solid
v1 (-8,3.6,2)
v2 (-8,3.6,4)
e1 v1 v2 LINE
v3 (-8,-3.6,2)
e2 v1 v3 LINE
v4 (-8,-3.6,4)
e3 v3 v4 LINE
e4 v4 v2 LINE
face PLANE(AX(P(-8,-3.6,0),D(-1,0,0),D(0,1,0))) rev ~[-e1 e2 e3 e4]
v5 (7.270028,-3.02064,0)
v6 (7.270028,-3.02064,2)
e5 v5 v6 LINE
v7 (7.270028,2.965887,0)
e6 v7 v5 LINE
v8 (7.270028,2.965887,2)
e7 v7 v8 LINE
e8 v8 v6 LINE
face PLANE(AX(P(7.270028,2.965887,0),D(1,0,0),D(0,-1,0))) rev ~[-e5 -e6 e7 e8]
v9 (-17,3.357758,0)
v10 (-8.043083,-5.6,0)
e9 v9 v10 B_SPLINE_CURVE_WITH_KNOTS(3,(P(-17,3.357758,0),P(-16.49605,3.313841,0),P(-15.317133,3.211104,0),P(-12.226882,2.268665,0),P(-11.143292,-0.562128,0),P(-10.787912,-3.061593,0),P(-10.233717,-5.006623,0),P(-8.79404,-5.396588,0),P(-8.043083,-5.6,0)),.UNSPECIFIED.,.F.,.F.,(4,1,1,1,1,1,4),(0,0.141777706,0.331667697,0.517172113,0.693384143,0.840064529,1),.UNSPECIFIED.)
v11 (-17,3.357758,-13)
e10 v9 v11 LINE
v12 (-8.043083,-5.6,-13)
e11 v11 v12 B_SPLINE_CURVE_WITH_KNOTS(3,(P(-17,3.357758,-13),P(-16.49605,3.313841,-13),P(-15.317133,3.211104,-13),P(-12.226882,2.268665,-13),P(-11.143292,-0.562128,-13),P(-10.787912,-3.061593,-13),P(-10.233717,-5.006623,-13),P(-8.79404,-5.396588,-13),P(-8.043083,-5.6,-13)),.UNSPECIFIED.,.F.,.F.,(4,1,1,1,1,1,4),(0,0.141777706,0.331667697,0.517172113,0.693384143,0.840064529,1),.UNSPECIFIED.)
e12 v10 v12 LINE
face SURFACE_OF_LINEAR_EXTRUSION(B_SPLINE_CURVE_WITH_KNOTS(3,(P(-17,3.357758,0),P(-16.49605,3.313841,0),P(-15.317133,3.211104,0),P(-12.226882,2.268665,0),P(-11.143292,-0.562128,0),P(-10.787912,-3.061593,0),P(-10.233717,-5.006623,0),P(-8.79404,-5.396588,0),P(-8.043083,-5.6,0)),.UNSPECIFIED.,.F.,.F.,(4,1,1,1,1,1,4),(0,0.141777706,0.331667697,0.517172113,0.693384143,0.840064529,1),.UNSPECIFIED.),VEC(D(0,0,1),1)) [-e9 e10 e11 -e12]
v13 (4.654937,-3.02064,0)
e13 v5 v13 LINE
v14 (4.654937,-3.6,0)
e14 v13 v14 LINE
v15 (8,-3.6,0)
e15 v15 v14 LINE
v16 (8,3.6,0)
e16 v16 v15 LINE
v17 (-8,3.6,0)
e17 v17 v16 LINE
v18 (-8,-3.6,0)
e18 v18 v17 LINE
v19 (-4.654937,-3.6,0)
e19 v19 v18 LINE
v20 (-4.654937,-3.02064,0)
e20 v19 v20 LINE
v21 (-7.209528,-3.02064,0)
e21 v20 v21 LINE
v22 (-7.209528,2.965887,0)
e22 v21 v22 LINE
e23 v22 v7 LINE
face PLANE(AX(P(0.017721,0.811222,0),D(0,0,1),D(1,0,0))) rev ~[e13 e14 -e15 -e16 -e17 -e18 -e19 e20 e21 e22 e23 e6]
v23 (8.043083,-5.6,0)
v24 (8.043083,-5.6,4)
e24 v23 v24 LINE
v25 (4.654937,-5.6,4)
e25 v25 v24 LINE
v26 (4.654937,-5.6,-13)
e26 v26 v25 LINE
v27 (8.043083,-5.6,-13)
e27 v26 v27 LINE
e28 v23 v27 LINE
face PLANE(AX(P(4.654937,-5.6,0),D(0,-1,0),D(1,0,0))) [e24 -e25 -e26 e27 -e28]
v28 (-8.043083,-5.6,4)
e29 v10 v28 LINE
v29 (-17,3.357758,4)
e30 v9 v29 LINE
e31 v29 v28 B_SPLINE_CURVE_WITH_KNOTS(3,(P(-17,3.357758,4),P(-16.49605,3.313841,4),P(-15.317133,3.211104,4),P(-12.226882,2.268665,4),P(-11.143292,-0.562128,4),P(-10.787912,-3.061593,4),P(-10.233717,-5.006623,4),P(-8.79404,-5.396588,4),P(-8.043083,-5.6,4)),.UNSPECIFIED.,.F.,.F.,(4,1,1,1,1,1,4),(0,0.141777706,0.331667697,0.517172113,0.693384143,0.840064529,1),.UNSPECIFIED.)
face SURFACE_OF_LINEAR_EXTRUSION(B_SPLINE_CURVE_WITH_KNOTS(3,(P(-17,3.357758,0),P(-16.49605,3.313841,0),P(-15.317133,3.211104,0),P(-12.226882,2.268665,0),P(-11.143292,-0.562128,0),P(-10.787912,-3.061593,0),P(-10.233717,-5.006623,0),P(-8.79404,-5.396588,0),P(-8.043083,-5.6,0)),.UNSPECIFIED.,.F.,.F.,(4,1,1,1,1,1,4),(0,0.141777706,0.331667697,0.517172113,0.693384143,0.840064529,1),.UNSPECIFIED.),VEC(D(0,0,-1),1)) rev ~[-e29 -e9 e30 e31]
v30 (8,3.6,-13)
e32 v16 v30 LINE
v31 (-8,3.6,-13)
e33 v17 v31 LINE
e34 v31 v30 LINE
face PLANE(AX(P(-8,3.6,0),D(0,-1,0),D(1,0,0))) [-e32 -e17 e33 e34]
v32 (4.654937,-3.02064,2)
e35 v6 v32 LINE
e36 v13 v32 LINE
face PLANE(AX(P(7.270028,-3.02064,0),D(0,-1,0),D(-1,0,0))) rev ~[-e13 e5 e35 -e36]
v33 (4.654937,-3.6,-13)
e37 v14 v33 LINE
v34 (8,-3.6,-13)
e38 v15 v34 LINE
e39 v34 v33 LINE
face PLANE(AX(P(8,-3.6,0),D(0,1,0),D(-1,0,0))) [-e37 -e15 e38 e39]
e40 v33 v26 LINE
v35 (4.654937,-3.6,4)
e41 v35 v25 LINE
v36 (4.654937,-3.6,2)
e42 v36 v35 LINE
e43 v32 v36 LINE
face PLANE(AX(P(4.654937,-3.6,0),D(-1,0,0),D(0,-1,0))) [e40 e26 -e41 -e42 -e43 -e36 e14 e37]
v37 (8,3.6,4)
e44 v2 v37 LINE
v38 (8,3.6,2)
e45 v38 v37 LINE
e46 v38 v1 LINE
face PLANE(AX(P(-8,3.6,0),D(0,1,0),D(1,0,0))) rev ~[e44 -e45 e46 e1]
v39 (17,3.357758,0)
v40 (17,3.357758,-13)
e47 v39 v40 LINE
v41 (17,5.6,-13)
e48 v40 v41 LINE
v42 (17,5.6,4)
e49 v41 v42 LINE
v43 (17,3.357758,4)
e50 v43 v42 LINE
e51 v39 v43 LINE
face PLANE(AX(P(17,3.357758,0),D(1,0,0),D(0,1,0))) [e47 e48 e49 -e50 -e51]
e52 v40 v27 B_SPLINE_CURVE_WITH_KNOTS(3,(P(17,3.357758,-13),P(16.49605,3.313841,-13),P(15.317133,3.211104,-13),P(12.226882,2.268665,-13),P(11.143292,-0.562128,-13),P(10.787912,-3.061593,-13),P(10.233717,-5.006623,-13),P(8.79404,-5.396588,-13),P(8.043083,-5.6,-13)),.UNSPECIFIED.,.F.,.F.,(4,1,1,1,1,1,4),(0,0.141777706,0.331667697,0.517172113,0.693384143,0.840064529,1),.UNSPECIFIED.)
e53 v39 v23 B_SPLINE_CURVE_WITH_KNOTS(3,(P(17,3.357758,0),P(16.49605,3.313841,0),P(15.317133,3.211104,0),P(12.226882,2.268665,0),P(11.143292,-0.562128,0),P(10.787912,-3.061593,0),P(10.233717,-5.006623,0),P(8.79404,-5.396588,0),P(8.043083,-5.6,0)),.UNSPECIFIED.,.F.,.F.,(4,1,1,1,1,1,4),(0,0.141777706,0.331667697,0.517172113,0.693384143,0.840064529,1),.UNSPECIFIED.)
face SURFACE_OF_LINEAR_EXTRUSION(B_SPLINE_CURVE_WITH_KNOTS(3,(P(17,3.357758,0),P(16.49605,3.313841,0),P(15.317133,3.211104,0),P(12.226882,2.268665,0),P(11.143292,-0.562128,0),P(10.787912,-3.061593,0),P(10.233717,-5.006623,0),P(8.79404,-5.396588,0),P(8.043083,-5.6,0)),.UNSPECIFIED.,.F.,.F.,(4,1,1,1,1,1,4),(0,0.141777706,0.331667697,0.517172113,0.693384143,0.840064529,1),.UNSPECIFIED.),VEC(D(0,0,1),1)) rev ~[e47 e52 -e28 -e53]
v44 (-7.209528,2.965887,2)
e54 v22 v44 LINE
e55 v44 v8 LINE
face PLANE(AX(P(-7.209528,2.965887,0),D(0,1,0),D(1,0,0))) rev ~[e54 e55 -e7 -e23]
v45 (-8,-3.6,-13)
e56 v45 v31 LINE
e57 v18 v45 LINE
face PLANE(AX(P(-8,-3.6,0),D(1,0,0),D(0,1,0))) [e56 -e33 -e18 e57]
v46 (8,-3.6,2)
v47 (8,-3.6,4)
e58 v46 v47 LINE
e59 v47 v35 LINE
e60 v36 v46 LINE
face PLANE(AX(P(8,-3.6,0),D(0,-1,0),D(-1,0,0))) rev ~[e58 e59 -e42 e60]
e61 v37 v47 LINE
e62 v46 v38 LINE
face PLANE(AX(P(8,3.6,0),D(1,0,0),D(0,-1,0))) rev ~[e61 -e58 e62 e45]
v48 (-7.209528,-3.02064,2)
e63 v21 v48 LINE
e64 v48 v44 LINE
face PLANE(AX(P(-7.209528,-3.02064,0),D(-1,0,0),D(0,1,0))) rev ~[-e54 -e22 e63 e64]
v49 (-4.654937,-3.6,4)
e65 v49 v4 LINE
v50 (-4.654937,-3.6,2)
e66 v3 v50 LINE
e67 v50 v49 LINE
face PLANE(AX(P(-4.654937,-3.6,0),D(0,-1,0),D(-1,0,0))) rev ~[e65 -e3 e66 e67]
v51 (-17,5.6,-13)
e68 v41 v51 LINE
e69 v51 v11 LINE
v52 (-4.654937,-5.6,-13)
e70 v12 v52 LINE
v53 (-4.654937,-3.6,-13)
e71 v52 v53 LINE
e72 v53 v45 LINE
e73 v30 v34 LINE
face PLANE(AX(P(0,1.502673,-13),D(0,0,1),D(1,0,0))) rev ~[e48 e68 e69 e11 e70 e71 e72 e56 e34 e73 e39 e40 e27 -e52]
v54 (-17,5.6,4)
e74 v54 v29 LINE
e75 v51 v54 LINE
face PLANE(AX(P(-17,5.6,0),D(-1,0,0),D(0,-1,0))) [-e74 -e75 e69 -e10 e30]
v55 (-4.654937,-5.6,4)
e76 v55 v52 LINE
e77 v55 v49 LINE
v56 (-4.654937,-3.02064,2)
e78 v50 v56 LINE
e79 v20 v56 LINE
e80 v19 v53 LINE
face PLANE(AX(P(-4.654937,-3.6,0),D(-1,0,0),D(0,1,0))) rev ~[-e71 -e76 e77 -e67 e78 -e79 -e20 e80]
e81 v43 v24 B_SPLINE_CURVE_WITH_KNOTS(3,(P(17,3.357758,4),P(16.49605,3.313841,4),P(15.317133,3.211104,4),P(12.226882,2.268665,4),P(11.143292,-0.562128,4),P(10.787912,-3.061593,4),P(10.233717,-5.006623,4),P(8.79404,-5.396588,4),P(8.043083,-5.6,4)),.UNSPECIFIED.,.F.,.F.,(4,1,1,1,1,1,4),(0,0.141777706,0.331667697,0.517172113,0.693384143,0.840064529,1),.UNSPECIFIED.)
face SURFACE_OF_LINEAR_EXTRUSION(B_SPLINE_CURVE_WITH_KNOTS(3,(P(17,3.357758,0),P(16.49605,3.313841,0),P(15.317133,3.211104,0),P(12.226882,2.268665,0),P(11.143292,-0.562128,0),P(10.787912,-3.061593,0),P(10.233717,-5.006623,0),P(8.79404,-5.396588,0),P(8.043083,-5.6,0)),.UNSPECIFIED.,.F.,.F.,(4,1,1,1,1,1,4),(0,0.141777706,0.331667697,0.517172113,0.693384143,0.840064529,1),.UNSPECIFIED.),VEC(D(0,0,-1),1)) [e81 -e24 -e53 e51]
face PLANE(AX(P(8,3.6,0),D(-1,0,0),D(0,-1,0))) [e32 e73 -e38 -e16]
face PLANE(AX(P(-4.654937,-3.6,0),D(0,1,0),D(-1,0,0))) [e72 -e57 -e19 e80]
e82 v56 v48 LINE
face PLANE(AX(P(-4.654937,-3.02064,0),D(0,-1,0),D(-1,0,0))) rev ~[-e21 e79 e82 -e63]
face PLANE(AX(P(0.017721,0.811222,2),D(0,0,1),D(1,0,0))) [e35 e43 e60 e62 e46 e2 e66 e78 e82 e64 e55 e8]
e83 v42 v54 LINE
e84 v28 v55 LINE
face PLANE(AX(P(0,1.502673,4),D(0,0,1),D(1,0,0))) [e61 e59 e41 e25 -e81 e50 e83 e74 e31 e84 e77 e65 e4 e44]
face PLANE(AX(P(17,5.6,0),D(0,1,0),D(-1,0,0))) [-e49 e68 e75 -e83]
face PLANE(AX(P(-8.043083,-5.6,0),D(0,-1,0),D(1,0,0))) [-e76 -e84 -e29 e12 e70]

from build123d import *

# Parameters (mm, degrees)
F1_DEPTH      = 2
F2_DEPTH      = 4
F2_DEPTH_BACK = 13


with BuildPart() as f1:
    # F0 (on Top) → F1 (new body)
    with BuildSketch(Plane.XY):
        Polygon((7.2700278834, -3.6), (8, -3.6), (8, 3.6), (-8, 3.6), (-8, -3.6), (-7.2095277719, -3.6), (-4.6549369581, -3.6), (-4.6549369581, -3.020639997), (-7.2095277719, -3.020639997), (-7.2095277719, 2.9658868443), (7.2700278834, 2.9658868443), (7.2700278834, -3.020639997), (4.6549369581, -3.020639997), (4.6549369581, -3.6), align=None)
    extrude(amount=F1_DEPTH)

    # F0 (on Top) → F2 (join, two sides)
    with BuildSketch(Plane.XY) as f2_sk:
        with BuildLine():
            Line((8, 3.6), (8, -3.6))
            Line((8, -3.6), (7.2700278834, -3.6))
            Line((7.2700278834, -3.6), (4.6549369581, -3.6))
            Line((4.6549369581, -3.6), (4.6549369581, -5.6))
            Line((4.6549369581, -5.6), (8.0430833623, -5.6))
            add(Edge.make_bspline(
                [(17, 3.3577582799), (16.4960496733, 3.3138412818), (15.3171334064, 3.2111040461), (12.2268822698, 2.2686653788), (11.1432918225, -0.5621284554), (10.7879122798, -3.0615930247), (10.2337171383, -5.0066227654), (8.7940404903, -5.3965881524), (8.0430833623, -5.6)],
                knots=[0, 0, 0, 0, 0.1417777064, 0.3316676972, 0.5171721131, 0.6933841431, 0.8400645286, 1, 1, 1, 1], degree=3))
            Line((17, 3.3577582799), (17, 5.6))
            Line((17, 5.6), (10, 5.6))
            Line((10, 5.6), (-10, 5.6))
            Line((-10, 5.6), (-17, 5.6))
            Line((-17, 5.6), (-17, 3.3577582799))
            add(Edge.make_bspline(
                [(-17, 3.3577582799), (-16.4960496733, 3.3138412818), (-15.3171334064, 3.2111040461), (-12.2268822698, 2.2686653788), (-11.1432918225, -0.5621284554), (-10.7879122798, -3.0615930247), (-10.2337171383, -5.0066227654), (-8.7940404903, -5.3965881524), (-8.0430833623, -5.6)],
                knots=[0, 0, 0, 0, 0.1417777064, 0.3316676972, 0.5171721131, 0.6933841431, 0.8400645286, 1, 1, 1, 1], degree=3))
            Line((-8.0430833623, -5.6), (-4.6549369581, -5.6))
            Line((-4.6549369581, -5.6), (-4.6549369581, -3.6))
            Line((-4.6549369581, -3.6), (-7.2095277719, -3.6))
            Line((-7.2095277719, -3.6), (-8, -3.6))
            Line((-8, -3.6), (-8, 3.6))
            Line((-8, 3.6), (8, 3.6))
        make_face()
    extrude(amount=F2_DEPTH)
    extrude(f2_sk.sketch, amount=-F2_DEPTH_BACK)


solid = f1.part
